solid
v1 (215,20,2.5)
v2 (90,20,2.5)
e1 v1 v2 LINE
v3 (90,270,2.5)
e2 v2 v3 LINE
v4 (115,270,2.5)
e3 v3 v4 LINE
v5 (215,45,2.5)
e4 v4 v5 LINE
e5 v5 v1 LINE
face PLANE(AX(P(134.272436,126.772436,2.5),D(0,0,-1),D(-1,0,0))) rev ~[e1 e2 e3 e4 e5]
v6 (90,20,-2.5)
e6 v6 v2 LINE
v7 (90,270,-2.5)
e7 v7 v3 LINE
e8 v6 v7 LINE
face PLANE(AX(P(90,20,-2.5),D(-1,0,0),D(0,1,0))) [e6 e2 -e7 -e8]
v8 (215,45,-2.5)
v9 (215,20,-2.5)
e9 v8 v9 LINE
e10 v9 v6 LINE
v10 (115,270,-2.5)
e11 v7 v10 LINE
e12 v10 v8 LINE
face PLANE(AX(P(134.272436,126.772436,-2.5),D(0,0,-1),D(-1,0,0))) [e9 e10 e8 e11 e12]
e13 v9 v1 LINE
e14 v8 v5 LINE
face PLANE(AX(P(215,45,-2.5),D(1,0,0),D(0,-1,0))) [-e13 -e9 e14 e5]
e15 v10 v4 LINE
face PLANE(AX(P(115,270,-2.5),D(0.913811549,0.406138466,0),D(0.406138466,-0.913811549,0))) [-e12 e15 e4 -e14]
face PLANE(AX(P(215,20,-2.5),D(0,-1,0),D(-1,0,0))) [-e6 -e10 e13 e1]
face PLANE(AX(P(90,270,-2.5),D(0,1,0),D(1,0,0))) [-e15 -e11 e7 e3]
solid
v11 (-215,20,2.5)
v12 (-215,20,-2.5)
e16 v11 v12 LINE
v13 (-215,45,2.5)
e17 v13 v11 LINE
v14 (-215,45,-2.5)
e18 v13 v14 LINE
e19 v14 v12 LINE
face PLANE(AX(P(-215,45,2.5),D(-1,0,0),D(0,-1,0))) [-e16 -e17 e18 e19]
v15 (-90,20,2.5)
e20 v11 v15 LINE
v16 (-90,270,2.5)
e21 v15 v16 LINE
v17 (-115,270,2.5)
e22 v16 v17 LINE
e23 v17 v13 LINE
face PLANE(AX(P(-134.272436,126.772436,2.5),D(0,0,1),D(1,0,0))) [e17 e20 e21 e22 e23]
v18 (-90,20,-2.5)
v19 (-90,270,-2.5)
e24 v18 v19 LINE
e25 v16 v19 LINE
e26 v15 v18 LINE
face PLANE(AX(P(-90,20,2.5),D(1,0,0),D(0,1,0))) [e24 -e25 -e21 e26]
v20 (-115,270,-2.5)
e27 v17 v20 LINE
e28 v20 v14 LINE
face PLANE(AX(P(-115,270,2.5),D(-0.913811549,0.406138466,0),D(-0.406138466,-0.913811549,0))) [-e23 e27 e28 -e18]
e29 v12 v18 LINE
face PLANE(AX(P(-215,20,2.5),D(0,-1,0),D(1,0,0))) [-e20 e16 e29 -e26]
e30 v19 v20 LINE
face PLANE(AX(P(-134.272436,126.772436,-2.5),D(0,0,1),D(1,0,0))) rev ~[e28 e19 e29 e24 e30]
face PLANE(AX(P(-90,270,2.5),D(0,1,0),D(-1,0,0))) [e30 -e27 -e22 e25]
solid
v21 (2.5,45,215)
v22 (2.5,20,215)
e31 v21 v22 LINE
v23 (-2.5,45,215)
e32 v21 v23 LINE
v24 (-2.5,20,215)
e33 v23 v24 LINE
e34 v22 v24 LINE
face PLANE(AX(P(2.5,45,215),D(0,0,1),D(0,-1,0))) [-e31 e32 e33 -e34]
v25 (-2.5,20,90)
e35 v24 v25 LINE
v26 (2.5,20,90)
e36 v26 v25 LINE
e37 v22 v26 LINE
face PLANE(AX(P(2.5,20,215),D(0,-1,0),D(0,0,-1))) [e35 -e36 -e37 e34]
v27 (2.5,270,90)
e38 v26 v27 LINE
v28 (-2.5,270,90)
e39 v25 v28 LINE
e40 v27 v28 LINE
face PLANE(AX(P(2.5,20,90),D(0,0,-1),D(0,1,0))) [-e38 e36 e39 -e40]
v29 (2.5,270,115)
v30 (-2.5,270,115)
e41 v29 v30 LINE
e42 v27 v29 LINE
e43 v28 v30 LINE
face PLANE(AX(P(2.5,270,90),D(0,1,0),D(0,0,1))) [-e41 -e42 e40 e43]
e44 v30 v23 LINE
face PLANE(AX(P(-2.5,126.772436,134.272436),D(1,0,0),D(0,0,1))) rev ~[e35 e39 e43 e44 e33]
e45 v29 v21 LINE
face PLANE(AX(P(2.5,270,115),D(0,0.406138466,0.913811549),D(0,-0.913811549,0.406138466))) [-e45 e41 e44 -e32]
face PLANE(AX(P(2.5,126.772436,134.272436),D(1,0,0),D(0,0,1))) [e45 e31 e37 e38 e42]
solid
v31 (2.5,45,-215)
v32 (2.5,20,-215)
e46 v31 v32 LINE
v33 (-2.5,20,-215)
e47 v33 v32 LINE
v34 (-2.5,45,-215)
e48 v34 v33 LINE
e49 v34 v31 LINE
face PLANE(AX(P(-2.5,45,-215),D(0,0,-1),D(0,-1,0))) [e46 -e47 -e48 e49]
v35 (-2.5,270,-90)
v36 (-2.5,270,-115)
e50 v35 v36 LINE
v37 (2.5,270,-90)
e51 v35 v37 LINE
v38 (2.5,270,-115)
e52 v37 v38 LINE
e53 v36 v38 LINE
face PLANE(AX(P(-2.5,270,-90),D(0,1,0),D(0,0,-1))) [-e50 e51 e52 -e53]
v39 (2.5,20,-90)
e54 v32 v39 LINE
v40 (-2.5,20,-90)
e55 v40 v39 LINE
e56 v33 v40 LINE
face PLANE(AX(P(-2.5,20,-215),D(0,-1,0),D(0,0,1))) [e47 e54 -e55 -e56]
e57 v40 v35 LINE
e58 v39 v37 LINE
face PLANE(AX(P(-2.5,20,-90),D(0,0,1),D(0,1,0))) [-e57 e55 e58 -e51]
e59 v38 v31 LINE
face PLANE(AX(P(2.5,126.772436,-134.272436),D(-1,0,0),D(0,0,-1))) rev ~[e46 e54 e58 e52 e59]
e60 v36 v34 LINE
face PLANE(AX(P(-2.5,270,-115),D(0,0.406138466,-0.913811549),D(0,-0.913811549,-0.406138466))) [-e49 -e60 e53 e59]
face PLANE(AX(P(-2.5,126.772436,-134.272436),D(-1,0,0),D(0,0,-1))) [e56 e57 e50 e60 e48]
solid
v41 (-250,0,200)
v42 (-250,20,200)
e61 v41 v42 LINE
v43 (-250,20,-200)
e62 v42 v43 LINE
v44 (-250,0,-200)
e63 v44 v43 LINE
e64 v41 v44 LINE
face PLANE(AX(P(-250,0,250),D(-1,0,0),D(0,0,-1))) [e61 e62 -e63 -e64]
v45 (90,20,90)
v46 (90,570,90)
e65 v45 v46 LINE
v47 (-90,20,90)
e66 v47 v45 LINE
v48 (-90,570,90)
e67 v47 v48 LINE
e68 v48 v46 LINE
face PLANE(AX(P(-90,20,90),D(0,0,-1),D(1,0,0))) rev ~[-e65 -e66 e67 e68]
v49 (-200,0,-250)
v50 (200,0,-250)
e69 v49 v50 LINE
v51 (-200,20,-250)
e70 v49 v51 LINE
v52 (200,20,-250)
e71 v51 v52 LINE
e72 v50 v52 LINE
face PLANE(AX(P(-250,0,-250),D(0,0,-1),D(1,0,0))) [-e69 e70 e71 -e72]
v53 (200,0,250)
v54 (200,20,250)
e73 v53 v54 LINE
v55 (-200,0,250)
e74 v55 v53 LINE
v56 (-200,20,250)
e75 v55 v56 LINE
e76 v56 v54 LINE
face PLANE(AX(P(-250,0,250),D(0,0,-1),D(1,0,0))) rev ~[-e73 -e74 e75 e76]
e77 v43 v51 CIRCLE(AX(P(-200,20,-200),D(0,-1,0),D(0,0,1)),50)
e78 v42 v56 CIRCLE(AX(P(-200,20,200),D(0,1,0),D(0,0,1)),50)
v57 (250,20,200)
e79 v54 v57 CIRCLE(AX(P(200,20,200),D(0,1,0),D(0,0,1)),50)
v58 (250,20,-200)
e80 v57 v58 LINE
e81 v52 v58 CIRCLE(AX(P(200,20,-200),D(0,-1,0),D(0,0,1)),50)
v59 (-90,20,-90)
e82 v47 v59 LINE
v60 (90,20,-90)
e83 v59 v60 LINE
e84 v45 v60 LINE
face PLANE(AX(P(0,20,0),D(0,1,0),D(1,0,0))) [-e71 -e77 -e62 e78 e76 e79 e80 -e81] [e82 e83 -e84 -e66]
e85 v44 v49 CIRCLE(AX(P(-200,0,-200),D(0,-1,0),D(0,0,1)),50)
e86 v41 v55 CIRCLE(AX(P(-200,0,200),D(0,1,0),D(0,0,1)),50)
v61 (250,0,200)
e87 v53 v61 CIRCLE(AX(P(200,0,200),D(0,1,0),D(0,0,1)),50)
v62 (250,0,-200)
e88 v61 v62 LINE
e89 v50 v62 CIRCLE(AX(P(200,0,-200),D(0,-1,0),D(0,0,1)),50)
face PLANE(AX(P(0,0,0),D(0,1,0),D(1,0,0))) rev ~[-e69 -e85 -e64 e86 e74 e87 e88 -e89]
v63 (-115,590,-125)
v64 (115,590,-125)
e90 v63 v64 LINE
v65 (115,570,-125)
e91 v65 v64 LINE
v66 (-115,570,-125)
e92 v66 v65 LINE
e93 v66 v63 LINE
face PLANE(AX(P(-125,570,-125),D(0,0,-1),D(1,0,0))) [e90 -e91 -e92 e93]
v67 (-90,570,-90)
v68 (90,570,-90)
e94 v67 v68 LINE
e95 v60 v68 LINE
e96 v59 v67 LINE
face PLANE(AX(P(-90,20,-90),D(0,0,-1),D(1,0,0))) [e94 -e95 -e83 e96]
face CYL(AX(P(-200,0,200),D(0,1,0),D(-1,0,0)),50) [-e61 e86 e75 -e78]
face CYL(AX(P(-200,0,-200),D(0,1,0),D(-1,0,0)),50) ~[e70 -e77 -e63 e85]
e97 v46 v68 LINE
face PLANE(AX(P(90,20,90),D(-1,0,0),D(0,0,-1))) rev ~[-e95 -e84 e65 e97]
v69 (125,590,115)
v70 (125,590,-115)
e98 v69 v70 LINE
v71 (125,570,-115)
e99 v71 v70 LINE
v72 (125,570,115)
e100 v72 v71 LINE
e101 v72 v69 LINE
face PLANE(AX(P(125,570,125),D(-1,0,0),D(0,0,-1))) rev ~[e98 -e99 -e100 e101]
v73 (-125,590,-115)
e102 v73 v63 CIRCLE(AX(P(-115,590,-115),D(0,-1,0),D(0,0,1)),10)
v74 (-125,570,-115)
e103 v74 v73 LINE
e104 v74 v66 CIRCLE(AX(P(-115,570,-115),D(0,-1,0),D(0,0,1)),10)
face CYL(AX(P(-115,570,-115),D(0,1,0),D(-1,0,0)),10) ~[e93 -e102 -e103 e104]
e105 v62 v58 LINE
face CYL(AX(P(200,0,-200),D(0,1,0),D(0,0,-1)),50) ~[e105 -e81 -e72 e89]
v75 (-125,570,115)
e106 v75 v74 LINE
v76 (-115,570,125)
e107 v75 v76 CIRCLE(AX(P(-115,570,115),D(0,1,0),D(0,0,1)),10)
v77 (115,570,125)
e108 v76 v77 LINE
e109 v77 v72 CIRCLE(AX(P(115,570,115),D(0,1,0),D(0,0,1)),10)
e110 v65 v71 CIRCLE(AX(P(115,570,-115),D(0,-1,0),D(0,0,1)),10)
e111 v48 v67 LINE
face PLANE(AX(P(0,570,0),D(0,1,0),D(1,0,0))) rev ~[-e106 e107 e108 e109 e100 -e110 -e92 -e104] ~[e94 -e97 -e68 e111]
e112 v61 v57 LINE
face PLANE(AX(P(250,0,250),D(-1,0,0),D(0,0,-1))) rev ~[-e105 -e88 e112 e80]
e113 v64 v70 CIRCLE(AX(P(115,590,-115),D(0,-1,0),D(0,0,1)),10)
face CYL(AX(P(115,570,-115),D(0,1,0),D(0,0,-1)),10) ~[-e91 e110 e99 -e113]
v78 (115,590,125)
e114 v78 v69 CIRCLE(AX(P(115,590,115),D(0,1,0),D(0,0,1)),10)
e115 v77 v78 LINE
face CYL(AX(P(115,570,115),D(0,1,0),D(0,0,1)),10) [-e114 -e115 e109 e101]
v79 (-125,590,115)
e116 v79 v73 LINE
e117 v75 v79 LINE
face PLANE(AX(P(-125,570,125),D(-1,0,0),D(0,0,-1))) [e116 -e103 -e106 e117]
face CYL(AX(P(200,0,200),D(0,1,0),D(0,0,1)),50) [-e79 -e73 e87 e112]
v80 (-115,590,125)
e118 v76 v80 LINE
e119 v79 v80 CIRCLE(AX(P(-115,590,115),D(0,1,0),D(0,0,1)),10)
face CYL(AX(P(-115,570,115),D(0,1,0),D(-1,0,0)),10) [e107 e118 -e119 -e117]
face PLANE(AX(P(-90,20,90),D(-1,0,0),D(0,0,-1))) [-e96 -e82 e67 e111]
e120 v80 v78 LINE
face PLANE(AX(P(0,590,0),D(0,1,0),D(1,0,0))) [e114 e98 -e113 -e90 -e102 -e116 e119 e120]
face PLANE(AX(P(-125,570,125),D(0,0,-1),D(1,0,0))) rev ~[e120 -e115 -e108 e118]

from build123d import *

# Parameters (mm, degrees)
SKETCH1_W           = 500
SKETCH1_H           = 500
BOSS_EXTRUDE1_DEPTH = 20
SKETCH2_W           = 180
SKETCH2_H           = 180
BOSS_EXTRUDE2_DEPTH = 550
SKETCH3_W           = 250
SKETCH3_H           = 250
BOSS_EXTRUDE3_DEPTH = 20
GUSSET1_THICKNESS   = 5
GUSSET2_THICKNESS   = 5
GUSSET3_THICKNESS   = 5
GUSSET4_THICKNESS   = 5
FILLET1_R           = 10
FILLET2_R           = 50


with BuildPart() as part:
    # Sketch1 → Boss-Extrude1 (new body)
    with BuildSketch(Plane(origin=(0, 0, 0), x_dir=(1, 0, 0), z_dir=(0, 1, 0))):
        Rectangle(SKETCH1_W, SKETCH1_H)
    extrude(amount=BOSS_EXTRUDE1_DEPTH)

    # Sketch2 → Boss-Extrude2 (add)
    with BuildSketch(Plane(origin=(0, 20, 0), x_dir=(1, 0, 0), z_dir=(0, 1, 0))):
        Rectangle(SKETCH2_W, SKETCH2_H)
    extrude(amount=BOSS_EXTRUDE2_DEPTH)

    # Sketch3 → Boss-Extrude3 (add)
    with BuildSketch(Plane(origin=(0, 570, 0), x_dir=(1, 0, 0), z_dir=(0, 1, 0))):
        Rectangle(SKETCH3_W, SKETCH3_H)
    extrude(amount=BOSS_EXTRUDE3_DEPTH)

    # Fillet1
    fillet1_edges = [part.edges().sort_by_distance(p)[0] for p in [
        (-125, 580, -125),
        (-125, 580, 125),
        (125, 580, 125),
        (125, 580, -125),
    ]]
    fillet(fillet1_edges, radius=FILLET1_R)

    # Fillet2
    fillet2_edges = [part.edges().sort_by_distance(p)[0] for p in [
        (-250, 10, -250),
        (250, 10, -250),
        (250, 10, 250),
        (-250, 10, 250),
    ]]
    fillet(fillet2_edges, radius=FILLET2_R)


with BuildPart() as body_2:
    # Gusset1: a gusset: a plate 5.0 thick in the corner of two members, its outline drawn in place
    gusset1_outline = Wire([Line((2.5, 20, 90), (2.5, 270, 90)), Line((2.5, 270, 90), (2.5, 270, 115)), Line((2.5, 270, 115), (2.5, 45, 215)), Line((2.5, 45, 215), (2.5, 20, 215)), Line((2.5, 20, 215), (2.5, 20, 90))])
    add(extrude(Face(gusset1_outline), amount=GUSSET1_THICKNESS, dir=(-1, 0, 0)))


with BuildPart() as body_3:
    # Gusset2: a gusset: a plate 5.0 thick in the corner of two members, its outline drawn in place
    gusset2_outline = Wire([Line((-90, 20, 2.5), (-90, 270, 2.5)), Line((-90, 270, 2.5), (-115, 270, 2.5)), Line((-115, 270, 2.5), (-215, 45, 2.5)), Line((-215, 45, 2.5), (-215, 20, 2.5)), Line((-215, 20, 2.5), (-90, 20, 2.5))])
    add(extrude(Face(gusset2_outline), amount=GUSSET2_THICKNESS, dir=(0, 0, -1)))


with BuildPart() as body_4:
    # Gusset3: a gusset: a plate 5.0 thick in the corner of two members, its outline drawn in place
    gusset3_outline = Wire([Line((90, 20, -2.5), (90, 270, -2.5)), Line((90, 270, -2.5), (115, 270, -2.5)), Line((115, 270, -2.5), (215, 45, -2.5)), Line((215, 45, -2.5), (215, 20, -2.5)), Line((215, 20, -2.5), (90, 20, -2.5))])
    add(extrude(Face(gusset3_outline), amount=GUSSET3_THICKNESS, dir=(0, 0, 1)))


with BuildPart() as body_5:
    # Gusset4: a gusset: a plate 5.0 thick in the corner of two members, its outline drawn in place
    gusset4_outline = Wire([Line((-2.5, 20, -90), (-2.5, 270, -90)), Line((-2.5, 270, -90), (-2.5, 270, -115)), Line((-2.5, 270, -115), (-2.5, 45, -215)), Line((-2.5, 45, -215), (-2.5, 20, -215)), Line((-2.5, 20, -215), (-2.5, 20, -90))])
    add(extrude(Face(gusset4_outline), amount=GUSSET4_THICKNESS, dir=(1, 0, 0)))


solid = Compound([part.part, body_2.part, body_3.part, body_4.part, body_5.part])
